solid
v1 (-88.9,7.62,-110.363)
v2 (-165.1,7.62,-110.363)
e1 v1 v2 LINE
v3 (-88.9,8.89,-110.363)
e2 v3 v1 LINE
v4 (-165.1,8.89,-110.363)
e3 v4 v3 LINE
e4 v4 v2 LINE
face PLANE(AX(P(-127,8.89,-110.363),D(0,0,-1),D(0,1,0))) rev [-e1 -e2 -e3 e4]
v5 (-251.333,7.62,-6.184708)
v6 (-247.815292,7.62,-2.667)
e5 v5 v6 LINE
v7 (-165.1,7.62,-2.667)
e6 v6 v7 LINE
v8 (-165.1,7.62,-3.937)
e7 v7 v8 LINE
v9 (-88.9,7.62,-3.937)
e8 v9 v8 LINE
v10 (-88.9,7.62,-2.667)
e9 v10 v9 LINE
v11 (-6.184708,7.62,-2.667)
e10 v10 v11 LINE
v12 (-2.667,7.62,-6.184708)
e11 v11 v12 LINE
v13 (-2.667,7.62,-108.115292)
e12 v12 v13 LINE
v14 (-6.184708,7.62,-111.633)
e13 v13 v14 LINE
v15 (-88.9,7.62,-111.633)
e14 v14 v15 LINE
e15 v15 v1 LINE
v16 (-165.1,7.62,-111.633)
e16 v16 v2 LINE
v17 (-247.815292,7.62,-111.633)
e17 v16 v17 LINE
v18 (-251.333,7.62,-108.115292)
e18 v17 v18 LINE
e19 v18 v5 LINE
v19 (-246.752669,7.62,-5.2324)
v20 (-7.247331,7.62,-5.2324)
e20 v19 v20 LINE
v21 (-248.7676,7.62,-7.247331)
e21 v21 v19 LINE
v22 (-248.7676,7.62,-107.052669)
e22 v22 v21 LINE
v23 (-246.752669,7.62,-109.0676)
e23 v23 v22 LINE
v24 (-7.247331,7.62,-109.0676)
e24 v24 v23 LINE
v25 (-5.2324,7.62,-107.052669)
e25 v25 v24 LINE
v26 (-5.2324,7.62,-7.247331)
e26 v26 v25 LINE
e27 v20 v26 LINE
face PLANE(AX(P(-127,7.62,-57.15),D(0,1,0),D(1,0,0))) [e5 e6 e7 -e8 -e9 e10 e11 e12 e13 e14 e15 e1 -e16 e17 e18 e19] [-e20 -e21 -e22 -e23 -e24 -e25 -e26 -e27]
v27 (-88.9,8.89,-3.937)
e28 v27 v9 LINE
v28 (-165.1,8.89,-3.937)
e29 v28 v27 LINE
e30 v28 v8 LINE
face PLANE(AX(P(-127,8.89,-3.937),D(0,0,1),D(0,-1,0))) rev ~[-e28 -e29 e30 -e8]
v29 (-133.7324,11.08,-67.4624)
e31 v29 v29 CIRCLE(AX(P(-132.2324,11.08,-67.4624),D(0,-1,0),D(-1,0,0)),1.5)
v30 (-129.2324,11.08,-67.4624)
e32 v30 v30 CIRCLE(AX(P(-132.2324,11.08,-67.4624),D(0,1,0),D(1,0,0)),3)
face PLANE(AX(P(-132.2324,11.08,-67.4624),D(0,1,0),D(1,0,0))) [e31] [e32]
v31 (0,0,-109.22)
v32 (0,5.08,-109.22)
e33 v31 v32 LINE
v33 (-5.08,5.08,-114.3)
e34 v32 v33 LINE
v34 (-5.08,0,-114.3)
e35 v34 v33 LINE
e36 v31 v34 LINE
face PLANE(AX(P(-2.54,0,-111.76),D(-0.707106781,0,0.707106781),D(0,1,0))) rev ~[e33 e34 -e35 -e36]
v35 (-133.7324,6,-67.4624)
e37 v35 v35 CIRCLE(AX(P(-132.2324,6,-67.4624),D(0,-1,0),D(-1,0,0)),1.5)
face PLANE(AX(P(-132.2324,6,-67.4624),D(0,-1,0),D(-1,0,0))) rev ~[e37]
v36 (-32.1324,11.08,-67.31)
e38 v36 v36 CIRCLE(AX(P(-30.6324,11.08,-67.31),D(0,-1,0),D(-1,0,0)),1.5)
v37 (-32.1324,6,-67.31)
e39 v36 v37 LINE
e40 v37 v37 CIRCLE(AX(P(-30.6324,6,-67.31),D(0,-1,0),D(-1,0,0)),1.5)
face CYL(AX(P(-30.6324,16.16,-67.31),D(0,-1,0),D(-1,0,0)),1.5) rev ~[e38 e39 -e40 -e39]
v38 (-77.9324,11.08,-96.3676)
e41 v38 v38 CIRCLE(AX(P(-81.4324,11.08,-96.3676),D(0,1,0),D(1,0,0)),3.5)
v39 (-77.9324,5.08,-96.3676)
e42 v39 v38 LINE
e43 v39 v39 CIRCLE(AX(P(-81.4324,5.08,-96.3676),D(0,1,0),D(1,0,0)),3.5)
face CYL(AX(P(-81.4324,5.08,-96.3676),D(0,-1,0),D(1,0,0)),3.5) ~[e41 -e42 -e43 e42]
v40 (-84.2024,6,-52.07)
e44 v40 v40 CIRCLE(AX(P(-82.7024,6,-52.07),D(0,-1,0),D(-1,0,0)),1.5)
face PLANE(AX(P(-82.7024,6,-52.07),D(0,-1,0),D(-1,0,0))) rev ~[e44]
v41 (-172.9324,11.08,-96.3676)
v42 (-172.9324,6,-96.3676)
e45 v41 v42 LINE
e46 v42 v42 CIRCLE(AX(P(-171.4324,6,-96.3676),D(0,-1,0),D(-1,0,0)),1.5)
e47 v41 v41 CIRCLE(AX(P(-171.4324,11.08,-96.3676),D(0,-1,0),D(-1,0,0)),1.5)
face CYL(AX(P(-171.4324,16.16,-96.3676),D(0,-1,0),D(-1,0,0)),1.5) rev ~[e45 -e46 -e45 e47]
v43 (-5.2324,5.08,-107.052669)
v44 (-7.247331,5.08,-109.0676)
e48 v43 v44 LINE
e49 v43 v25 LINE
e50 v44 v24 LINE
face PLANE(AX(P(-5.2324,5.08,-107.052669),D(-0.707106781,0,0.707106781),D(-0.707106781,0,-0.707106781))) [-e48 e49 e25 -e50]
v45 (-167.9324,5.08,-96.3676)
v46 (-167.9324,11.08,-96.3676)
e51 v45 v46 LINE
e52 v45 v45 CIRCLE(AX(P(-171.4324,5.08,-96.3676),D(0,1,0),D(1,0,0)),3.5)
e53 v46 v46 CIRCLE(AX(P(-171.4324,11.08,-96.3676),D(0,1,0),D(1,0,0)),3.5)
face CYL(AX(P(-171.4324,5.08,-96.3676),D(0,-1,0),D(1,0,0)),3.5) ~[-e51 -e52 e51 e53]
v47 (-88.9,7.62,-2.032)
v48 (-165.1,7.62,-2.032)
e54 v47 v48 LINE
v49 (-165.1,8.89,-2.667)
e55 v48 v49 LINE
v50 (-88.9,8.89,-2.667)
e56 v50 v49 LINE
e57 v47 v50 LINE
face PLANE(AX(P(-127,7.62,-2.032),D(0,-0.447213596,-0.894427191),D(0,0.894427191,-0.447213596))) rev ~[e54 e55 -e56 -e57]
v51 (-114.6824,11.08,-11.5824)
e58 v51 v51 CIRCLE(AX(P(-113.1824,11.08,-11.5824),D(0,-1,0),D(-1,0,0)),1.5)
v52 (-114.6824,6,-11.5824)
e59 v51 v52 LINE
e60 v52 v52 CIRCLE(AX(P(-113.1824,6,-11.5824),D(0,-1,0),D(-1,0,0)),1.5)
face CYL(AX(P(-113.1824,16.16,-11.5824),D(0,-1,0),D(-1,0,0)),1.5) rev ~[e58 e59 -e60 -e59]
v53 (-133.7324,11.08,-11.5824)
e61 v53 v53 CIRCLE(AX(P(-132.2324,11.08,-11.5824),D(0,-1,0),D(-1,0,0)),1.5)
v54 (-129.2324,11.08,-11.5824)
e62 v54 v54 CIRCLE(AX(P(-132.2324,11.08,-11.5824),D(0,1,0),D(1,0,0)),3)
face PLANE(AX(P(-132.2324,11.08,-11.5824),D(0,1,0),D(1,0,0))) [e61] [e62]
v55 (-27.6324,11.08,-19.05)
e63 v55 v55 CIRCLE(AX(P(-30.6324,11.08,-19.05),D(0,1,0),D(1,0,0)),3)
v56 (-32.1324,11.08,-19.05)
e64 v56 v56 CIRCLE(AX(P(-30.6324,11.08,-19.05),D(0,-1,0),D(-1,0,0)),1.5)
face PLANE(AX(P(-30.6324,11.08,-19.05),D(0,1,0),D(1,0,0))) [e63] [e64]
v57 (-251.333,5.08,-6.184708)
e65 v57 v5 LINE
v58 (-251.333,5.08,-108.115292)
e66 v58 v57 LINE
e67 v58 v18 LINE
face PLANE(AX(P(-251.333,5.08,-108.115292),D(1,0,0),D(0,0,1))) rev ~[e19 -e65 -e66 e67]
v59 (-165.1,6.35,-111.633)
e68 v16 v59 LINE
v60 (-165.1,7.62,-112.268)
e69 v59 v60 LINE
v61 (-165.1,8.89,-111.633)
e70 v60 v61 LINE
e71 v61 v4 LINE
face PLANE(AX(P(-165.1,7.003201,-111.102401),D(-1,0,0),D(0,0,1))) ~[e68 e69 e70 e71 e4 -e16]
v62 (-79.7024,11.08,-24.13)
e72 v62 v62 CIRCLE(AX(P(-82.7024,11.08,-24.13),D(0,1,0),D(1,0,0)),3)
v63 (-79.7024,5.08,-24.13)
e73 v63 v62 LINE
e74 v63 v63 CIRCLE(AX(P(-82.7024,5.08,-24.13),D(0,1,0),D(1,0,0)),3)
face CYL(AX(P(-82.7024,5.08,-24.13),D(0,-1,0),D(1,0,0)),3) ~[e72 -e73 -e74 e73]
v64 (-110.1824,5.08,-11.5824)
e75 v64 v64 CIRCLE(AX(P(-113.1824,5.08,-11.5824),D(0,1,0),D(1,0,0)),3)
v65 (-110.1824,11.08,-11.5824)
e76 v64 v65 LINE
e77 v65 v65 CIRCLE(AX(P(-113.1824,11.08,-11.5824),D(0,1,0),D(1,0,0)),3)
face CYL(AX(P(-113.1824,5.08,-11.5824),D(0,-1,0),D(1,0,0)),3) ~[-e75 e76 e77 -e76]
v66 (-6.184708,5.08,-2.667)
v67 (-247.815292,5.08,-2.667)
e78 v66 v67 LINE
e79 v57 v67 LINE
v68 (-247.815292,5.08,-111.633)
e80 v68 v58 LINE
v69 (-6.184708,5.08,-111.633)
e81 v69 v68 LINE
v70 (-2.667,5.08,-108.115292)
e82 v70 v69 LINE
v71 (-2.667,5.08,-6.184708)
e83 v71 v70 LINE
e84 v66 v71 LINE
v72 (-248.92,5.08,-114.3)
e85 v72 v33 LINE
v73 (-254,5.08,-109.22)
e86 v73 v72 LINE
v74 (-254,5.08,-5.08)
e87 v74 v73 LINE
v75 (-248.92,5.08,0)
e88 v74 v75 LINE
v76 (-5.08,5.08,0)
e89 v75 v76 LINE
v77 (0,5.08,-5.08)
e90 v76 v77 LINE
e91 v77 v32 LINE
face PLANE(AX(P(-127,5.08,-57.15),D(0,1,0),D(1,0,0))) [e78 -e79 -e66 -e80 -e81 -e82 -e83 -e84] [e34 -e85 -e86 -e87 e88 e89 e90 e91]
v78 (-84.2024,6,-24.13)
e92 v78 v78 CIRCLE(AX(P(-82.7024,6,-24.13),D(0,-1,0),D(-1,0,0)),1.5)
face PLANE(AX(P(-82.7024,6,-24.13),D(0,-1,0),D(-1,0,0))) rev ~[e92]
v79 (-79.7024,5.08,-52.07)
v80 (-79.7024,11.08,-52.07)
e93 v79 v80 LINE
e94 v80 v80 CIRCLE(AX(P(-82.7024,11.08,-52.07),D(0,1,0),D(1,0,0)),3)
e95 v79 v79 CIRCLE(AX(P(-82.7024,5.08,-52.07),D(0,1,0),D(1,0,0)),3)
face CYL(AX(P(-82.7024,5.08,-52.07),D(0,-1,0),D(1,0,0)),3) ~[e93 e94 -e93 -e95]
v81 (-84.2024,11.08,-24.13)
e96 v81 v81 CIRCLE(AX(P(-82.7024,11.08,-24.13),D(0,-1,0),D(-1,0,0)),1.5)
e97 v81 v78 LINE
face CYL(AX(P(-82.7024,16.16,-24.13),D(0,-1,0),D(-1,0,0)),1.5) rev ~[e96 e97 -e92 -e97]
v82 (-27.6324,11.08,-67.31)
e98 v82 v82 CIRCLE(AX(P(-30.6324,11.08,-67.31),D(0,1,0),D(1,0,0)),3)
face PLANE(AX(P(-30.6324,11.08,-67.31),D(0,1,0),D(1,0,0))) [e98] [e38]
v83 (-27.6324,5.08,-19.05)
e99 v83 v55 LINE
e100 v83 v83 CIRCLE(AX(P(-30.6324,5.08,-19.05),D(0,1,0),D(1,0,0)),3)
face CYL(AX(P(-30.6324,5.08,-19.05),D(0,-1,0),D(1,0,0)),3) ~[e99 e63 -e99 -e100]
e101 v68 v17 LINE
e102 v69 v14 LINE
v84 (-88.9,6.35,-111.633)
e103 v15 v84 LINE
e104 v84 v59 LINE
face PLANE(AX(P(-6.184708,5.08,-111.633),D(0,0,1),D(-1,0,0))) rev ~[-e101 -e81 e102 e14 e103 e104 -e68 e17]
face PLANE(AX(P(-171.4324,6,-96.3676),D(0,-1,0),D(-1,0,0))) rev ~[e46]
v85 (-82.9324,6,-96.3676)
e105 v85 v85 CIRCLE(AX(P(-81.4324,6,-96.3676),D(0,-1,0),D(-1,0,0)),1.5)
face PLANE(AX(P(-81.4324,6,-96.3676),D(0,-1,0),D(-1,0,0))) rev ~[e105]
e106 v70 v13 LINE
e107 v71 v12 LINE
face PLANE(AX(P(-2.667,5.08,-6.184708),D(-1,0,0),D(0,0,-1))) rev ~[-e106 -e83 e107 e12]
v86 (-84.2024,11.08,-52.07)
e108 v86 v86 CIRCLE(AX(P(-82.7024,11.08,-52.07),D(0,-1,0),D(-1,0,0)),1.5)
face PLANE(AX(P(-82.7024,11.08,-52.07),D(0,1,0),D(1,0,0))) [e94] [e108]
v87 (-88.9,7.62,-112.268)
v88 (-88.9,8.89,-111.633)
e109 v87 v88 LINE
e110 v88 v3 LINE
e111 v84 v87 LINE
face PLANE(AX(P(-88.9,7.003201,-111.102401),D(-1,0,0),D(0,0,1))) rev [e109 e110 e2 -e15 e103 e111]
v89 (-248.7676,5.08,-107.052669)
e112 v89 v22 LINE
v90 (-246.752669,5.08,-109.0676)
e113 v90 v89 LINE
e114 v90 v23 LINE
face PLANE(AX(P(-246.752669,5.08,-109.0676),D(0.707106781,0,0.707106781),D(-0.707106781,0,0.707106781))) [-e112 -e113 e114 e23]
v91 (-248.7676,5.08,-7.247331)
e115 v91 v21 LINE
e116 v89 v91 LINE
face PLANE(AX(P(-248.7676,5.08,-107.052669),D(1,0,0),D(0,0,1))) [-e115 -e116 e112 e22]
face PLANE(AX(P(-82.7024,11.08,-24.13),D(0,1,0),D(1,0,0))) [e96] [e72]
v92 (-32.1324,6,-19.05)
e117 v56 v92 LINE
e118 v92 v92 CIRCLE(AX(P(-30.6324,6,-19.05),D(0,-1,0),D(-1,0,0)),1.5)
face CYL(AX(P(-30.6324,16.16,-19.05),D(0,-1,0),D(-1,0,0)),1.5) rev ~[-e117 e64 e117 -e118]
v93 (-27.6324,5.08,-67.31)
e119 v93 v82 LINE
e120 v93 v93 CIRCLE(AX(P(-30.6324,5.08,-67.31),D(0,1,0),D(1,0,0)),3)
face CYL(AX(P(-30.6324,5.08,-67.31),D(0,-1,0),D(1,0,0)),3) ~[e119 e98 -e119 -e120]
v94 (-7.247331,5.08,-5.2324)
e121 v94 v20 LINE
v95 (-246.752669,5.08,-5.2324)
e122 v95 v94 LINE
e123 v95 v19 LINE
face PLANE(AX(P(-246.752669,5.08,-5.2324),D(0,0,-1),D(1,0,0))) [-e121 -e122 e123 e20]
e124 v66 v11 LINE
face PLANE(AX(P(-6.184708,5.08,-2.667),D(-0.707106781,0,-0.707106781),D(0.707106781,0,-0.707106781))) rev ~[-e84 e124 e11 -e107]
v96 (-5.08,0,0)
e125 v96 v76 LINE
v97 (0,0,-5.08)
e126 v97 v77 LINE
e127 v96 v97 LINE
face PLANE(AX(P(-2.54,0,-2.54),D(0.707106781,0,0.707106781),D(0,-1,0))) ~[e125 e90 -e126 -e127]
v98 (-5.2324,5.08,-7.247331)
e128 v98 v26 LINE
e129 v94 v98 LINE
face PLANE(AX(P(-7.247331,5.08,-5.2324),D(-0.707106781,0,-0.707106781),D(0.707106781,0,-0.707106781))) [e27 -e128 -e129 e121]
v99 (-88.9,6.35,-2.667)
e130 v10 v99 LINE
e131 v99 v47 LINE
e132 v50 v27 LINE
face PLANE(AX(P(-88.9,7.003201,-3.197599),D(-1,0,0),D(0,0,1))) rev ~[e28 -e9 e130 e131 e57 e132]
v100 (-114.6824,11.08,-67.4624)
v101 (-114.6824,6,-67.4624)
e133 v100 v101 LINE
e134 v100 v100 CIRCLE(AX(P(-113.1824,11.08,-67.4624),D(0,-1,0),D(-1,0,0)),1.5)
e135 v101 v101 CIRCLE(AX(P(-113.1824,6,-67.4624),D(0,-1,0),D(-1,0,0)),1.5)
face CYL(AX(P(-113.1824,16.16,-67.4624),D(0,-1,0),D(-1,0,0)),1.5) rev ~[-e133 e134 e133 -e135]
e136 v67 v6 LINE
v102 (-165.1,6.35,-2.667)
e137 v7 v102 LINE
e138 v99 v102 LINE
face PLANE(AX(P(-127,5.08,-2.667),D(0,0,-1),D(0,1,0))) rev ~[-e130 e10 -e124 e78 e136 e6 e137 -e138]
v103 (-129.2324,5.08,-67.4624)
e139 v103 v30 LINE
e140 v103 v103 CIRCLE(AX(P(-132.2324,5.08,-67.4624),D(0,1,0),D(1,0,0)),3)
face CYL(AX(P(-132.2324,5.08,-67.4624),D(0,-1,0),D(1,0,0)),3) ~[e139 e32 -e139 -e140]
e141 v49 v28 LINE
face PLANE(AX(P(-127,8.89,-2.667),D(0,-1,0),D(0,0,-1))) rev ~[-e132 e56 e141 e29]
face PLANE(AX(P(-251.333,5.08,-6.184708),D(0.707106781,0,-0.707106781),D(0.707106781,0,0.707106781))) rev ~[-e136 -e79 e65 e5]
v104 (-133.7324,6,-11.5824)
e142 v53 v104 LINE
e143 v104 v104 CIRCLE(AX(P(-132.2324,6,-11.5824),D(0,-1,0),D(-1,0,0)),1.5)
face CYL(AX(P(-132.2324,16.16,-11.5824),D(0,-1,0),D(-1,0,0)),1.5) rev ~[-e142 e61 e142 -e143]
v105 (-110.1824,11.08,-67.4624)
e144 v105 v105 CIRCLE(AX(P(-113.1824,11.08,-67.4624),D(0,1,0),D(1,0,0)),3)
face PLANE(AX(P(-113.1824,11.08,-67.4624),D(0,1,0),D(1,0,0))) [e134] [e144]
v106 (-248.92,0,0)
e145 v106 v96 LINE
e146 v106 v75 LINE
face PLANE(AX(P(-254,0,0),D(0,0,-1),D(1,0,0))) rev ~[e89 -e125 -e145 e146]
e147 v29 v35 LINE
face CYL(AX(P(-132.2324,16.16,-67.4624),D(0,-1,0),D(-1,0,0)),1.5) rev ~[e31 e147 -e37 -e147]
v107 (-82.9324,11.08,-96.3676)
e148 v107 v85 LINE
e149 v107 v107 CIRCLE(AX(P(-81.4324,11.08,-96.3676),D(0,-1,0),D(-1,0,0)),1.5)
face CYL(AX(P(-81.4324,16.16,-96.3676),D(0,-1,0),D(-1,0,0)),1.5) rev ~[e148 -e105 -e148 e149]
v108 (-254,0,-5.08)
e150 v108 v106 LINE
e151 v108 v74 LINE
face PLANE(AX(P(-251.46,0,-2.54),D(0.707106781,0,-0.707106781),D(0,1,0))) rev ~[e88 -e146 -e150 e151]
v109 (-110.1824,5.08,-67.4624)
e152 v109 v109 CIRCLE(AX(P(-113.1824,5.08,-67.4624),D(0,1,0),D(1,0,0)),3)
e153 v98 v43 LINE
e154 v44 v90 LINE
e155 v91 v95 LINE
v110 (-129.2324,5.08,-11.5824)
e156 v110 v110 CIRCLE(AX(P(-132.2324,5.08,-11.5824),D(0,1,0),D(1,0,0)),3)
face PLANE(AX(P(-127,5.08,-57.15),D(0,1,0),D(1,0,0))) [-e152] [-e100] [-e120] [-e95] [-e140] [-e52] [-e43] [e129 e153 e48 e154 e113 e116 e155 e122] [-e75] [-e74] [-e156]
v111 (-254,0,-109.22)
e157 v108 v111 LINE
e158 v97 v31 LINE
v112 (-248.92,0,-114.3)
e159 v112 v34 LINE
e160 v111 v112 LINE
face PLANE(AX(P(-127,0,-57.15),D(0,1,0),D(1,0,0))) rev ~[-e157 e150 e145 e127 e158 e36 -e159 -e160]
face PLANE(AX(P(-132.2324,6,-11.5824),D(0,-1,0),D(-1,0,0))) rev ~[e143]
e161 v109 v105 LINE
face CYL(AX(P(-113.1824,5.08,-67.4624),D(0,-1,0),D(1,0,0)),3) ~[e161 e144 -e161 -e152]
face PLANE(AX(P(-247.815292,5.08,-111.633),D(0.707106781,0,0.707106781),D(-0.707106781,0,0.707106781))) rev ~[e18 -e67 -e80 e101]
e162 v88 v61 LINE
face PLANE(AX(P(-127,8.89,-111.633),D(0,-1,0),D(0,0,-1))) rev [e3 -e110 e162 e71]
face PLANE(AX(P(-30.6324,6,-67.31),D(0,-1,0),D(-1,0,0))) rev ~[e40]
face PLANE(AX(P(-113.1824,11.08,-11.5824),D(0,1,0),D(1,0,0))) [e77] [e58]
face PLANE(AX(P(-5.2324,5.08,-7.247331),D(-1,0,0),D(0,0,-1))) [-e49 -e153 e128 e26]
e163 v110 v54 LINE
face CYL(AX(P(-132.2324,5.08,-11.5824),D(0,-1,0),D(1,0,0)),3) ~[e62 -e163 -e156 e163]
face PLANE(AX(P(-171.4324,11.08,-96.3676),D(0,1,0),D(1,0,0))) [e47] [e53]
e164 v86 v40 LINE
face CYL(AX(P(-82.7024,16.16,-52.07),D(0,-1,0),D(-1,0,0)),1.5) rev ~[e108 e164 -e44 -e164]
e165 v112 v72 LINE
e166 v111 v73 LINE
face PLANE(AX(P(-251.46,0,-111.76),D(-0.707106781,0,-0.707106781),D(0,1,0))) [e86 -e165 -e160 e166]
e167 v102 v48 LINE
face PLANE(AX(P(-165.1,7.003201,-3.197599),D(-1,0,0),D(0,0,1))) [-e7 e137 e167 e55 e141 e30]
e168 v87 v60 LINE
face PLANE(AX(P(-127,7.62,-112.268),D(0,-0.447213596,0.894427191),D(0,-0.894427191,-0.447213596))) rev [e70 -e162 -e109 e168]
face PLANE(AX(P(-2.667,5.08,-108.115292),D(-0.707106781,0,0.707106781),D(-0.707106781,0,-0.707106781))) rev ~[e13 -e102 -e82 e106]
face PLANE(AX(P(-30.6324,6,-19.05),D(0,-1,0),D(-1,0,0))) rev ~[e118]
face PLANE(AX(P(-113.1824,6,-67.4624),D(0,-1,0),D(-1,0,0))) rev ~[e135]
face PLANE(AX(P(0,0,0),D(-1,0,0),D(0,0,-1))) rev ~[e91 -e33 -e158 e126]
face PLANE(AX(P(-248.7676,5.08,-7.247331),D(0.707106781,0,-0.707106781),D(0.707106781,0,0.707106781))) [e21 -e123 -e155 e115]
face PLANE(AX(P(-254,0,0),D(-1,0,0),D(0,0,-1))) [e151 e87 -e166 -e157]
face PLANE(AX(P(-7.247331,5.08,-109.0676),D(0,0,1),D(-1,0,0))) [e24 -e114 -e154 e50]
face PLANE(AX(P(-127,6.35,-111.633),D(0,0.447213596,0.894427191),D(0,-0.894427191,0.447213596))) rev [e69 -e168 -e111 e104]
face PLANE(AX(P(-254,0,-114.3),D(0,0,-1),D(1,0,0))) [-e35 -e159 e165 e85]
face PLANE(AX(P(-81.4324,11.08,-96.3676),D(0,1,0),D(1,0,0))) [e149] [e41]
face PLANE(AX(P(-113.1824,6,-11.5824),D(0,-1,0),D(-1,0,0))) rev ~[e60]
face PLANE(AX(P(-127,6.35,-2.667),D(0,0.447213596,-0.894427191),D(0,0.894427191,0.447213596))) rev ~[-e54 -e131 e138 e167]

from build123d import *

# Parameters (mm, degrees)
SKETCH1_W                 = 254
SKETCH1_H                 = 114.3
BOSS_EXTRUDE1_DEPTH       = 5.08
CHAMFER1_SIZE             = 5.08
BOSS_EXTRUDE3_START       = -127
BOSS_EXTRUDE3_DEPTH       = 38.1
BOSS_EXTRUDE4_DEPTH       = 2.54
SKETCH6_R                 = 3
BOSS_EXTRUDE5_DEPTH       = 6
SKETCH12_R                = 3
SKETCH12_R_2              = 3.5
BOSS_EXTRUDE7_DEPTH       = 6
F_3_0MM_DOWEL_HOLE1_D     = 3
F_3_0MM_DOWEL_HOLE1_DEPTH = 5.08


with BuildPart() as part:
    # Sketch1 → Boss-Extrude1 (new body)
    with BuildSketch(Plane(origin=(0, 0, 0), x_dir=(1, 0, 0), z_dir=(0, 1, 0))):
        with Locations((-127, 57.15)):
            Rectangle(SKETCH1_W, SKETCH1_H)
    extrude(amount=BOSS_EXTRUDE1_DEPTH)

    # Chamfer1
    chamfer1_edges = [part.edges().sort_by_distance(p)[0] for p in [
        (0, 2.54, 0),
        (-254, 2.54, 0),
        (-254, 2.54, -114.3),
        (0, 2.54, -114.3),
    ]]
    chamfer(chamfer1_edges, length=CHAMFER1_SIZE)

    # Sketch3 → Boss-Extrude3 (add, symmetric)
    with BuildSketch(Plane(origin=(0, 0, 0), x_dir=(0, 0, -1), z_dir=(1, 0, 0)).offset(BOSS_EXTRUDE3_START)):
        Polygon((2.667, 5.08), (2.667, 6.35), (2.032, 7.62), (2.667, 8.89), (3.937, 8.89), (3.937, 5.08), align=None)
    boss_extrude3 = extrude(amount=BOSS_EXTRUDE3_DEPTH, both=True)

    # Mirror1: Boss-Extrude3 across plane
    add(boss_extrude3.mirror(Plane.XY.offset(-57.15)))

    # Sketch4 → Boss-Extrude4 (add)
    with BuildSketch(Plane(origin=(0, 5.08, 0), x_dir=(1, 0, 0), z_dir=(0, 1, 0))):
        Polygon((-6.184707571, 111.633), (-247.815292429, 111.633), (-251.333, 108.115292429), (-251.333, 6.184707571), (-247.815292429, 2.667), (-6.184707571, 2.667), (-2.667, 6.184707571), (-2.667, 108.115292429), align=None)
        Polygon((-7.247331044, 109.0676), (-246.752668956, 109.0676), (-248.7676, 107.052668956), (-248.7676, 7.247331044), (-246.752668956, 5.2324), (-7.247331044, 5.2324), (-5.2324, 7.247331044), (-5.2324, 107.052668956), align=None, mode=Mode.SUBTRACT)
    extrude(amount=BOSS_EXTRUDE4_DEPTH)

    # Sketch6 → Boss-Extrude5 (add)
    with BuildSketch(Plane(origin=(0, 5.08, 0), x_dir=(1, 0, 0), z_dir=(0, 1, 0))):
        with Locations((-30.6324, 67.31)):
            Circle(SKETCH6_R)
        with Locations((-30.6324, 19.05)):
            Circle(SKETCH6_R)
        with Locations((-82.7024, 52.07)):
            Circle(SKETCH6_R)
        with Locations((-82.7024, 24.13)):
            Circle(SKETCH6_R)
    extrude(amount=BOSS_EXTRUDE5_DEPTH)

    # Sketch12 → Boss-Extrude7 (add)
    with BuildSketch(Plane(origin=(0, 5.08, 0), x_dir=(1, 0, 0), z_dir=(0, 1, 0))):
        with Locations((-132.2324, 67.4624)):
            Circle(SKETCH12_R)
        with Locations((-132.2324, 11.5824)):
            Circle(SKETCH12_R)
        with Locations((-113.1824, 67.4624)):
            Circle(SKETCH12_R)
        with Locations((-113.1824, 11.5824)):
            Circle(SKETCH12_R)
        with Locations((-81.4324, 96.3676)):
            Circle(SKETCH12_R_2)
        with Locations((-171.4324, 96.3676)):
            Circle(SKETCH12_R_2)
    extrude(amount=BOSS_EXTRUDE7_DEPTH)

    # Ø3.0mm Dowel Hole1
    with Locations(Plane(origin=(0, 11.08, 0), x_dir=(1, 0, 0), z_dir=(0, 1, 0))):
        with Locations((-82.7024, 24.13), (-82.7024, 52.07), (-30.6324, 67.31), (-30.6324, 19.05), (-132.2324, 11.5824), (-113.1824, 11.5824), (-171.4324, 96.3676), (-132.2324, 67.4624), (-113.1824, 67.4624), (-81.4324, 96.3676)):
            Hole(F_3_0MM_DOWEL_HOLE1_D / 2, depth=F_3_0MM_DOWEL_HOLE1_DEPTH)


solid = part.part
